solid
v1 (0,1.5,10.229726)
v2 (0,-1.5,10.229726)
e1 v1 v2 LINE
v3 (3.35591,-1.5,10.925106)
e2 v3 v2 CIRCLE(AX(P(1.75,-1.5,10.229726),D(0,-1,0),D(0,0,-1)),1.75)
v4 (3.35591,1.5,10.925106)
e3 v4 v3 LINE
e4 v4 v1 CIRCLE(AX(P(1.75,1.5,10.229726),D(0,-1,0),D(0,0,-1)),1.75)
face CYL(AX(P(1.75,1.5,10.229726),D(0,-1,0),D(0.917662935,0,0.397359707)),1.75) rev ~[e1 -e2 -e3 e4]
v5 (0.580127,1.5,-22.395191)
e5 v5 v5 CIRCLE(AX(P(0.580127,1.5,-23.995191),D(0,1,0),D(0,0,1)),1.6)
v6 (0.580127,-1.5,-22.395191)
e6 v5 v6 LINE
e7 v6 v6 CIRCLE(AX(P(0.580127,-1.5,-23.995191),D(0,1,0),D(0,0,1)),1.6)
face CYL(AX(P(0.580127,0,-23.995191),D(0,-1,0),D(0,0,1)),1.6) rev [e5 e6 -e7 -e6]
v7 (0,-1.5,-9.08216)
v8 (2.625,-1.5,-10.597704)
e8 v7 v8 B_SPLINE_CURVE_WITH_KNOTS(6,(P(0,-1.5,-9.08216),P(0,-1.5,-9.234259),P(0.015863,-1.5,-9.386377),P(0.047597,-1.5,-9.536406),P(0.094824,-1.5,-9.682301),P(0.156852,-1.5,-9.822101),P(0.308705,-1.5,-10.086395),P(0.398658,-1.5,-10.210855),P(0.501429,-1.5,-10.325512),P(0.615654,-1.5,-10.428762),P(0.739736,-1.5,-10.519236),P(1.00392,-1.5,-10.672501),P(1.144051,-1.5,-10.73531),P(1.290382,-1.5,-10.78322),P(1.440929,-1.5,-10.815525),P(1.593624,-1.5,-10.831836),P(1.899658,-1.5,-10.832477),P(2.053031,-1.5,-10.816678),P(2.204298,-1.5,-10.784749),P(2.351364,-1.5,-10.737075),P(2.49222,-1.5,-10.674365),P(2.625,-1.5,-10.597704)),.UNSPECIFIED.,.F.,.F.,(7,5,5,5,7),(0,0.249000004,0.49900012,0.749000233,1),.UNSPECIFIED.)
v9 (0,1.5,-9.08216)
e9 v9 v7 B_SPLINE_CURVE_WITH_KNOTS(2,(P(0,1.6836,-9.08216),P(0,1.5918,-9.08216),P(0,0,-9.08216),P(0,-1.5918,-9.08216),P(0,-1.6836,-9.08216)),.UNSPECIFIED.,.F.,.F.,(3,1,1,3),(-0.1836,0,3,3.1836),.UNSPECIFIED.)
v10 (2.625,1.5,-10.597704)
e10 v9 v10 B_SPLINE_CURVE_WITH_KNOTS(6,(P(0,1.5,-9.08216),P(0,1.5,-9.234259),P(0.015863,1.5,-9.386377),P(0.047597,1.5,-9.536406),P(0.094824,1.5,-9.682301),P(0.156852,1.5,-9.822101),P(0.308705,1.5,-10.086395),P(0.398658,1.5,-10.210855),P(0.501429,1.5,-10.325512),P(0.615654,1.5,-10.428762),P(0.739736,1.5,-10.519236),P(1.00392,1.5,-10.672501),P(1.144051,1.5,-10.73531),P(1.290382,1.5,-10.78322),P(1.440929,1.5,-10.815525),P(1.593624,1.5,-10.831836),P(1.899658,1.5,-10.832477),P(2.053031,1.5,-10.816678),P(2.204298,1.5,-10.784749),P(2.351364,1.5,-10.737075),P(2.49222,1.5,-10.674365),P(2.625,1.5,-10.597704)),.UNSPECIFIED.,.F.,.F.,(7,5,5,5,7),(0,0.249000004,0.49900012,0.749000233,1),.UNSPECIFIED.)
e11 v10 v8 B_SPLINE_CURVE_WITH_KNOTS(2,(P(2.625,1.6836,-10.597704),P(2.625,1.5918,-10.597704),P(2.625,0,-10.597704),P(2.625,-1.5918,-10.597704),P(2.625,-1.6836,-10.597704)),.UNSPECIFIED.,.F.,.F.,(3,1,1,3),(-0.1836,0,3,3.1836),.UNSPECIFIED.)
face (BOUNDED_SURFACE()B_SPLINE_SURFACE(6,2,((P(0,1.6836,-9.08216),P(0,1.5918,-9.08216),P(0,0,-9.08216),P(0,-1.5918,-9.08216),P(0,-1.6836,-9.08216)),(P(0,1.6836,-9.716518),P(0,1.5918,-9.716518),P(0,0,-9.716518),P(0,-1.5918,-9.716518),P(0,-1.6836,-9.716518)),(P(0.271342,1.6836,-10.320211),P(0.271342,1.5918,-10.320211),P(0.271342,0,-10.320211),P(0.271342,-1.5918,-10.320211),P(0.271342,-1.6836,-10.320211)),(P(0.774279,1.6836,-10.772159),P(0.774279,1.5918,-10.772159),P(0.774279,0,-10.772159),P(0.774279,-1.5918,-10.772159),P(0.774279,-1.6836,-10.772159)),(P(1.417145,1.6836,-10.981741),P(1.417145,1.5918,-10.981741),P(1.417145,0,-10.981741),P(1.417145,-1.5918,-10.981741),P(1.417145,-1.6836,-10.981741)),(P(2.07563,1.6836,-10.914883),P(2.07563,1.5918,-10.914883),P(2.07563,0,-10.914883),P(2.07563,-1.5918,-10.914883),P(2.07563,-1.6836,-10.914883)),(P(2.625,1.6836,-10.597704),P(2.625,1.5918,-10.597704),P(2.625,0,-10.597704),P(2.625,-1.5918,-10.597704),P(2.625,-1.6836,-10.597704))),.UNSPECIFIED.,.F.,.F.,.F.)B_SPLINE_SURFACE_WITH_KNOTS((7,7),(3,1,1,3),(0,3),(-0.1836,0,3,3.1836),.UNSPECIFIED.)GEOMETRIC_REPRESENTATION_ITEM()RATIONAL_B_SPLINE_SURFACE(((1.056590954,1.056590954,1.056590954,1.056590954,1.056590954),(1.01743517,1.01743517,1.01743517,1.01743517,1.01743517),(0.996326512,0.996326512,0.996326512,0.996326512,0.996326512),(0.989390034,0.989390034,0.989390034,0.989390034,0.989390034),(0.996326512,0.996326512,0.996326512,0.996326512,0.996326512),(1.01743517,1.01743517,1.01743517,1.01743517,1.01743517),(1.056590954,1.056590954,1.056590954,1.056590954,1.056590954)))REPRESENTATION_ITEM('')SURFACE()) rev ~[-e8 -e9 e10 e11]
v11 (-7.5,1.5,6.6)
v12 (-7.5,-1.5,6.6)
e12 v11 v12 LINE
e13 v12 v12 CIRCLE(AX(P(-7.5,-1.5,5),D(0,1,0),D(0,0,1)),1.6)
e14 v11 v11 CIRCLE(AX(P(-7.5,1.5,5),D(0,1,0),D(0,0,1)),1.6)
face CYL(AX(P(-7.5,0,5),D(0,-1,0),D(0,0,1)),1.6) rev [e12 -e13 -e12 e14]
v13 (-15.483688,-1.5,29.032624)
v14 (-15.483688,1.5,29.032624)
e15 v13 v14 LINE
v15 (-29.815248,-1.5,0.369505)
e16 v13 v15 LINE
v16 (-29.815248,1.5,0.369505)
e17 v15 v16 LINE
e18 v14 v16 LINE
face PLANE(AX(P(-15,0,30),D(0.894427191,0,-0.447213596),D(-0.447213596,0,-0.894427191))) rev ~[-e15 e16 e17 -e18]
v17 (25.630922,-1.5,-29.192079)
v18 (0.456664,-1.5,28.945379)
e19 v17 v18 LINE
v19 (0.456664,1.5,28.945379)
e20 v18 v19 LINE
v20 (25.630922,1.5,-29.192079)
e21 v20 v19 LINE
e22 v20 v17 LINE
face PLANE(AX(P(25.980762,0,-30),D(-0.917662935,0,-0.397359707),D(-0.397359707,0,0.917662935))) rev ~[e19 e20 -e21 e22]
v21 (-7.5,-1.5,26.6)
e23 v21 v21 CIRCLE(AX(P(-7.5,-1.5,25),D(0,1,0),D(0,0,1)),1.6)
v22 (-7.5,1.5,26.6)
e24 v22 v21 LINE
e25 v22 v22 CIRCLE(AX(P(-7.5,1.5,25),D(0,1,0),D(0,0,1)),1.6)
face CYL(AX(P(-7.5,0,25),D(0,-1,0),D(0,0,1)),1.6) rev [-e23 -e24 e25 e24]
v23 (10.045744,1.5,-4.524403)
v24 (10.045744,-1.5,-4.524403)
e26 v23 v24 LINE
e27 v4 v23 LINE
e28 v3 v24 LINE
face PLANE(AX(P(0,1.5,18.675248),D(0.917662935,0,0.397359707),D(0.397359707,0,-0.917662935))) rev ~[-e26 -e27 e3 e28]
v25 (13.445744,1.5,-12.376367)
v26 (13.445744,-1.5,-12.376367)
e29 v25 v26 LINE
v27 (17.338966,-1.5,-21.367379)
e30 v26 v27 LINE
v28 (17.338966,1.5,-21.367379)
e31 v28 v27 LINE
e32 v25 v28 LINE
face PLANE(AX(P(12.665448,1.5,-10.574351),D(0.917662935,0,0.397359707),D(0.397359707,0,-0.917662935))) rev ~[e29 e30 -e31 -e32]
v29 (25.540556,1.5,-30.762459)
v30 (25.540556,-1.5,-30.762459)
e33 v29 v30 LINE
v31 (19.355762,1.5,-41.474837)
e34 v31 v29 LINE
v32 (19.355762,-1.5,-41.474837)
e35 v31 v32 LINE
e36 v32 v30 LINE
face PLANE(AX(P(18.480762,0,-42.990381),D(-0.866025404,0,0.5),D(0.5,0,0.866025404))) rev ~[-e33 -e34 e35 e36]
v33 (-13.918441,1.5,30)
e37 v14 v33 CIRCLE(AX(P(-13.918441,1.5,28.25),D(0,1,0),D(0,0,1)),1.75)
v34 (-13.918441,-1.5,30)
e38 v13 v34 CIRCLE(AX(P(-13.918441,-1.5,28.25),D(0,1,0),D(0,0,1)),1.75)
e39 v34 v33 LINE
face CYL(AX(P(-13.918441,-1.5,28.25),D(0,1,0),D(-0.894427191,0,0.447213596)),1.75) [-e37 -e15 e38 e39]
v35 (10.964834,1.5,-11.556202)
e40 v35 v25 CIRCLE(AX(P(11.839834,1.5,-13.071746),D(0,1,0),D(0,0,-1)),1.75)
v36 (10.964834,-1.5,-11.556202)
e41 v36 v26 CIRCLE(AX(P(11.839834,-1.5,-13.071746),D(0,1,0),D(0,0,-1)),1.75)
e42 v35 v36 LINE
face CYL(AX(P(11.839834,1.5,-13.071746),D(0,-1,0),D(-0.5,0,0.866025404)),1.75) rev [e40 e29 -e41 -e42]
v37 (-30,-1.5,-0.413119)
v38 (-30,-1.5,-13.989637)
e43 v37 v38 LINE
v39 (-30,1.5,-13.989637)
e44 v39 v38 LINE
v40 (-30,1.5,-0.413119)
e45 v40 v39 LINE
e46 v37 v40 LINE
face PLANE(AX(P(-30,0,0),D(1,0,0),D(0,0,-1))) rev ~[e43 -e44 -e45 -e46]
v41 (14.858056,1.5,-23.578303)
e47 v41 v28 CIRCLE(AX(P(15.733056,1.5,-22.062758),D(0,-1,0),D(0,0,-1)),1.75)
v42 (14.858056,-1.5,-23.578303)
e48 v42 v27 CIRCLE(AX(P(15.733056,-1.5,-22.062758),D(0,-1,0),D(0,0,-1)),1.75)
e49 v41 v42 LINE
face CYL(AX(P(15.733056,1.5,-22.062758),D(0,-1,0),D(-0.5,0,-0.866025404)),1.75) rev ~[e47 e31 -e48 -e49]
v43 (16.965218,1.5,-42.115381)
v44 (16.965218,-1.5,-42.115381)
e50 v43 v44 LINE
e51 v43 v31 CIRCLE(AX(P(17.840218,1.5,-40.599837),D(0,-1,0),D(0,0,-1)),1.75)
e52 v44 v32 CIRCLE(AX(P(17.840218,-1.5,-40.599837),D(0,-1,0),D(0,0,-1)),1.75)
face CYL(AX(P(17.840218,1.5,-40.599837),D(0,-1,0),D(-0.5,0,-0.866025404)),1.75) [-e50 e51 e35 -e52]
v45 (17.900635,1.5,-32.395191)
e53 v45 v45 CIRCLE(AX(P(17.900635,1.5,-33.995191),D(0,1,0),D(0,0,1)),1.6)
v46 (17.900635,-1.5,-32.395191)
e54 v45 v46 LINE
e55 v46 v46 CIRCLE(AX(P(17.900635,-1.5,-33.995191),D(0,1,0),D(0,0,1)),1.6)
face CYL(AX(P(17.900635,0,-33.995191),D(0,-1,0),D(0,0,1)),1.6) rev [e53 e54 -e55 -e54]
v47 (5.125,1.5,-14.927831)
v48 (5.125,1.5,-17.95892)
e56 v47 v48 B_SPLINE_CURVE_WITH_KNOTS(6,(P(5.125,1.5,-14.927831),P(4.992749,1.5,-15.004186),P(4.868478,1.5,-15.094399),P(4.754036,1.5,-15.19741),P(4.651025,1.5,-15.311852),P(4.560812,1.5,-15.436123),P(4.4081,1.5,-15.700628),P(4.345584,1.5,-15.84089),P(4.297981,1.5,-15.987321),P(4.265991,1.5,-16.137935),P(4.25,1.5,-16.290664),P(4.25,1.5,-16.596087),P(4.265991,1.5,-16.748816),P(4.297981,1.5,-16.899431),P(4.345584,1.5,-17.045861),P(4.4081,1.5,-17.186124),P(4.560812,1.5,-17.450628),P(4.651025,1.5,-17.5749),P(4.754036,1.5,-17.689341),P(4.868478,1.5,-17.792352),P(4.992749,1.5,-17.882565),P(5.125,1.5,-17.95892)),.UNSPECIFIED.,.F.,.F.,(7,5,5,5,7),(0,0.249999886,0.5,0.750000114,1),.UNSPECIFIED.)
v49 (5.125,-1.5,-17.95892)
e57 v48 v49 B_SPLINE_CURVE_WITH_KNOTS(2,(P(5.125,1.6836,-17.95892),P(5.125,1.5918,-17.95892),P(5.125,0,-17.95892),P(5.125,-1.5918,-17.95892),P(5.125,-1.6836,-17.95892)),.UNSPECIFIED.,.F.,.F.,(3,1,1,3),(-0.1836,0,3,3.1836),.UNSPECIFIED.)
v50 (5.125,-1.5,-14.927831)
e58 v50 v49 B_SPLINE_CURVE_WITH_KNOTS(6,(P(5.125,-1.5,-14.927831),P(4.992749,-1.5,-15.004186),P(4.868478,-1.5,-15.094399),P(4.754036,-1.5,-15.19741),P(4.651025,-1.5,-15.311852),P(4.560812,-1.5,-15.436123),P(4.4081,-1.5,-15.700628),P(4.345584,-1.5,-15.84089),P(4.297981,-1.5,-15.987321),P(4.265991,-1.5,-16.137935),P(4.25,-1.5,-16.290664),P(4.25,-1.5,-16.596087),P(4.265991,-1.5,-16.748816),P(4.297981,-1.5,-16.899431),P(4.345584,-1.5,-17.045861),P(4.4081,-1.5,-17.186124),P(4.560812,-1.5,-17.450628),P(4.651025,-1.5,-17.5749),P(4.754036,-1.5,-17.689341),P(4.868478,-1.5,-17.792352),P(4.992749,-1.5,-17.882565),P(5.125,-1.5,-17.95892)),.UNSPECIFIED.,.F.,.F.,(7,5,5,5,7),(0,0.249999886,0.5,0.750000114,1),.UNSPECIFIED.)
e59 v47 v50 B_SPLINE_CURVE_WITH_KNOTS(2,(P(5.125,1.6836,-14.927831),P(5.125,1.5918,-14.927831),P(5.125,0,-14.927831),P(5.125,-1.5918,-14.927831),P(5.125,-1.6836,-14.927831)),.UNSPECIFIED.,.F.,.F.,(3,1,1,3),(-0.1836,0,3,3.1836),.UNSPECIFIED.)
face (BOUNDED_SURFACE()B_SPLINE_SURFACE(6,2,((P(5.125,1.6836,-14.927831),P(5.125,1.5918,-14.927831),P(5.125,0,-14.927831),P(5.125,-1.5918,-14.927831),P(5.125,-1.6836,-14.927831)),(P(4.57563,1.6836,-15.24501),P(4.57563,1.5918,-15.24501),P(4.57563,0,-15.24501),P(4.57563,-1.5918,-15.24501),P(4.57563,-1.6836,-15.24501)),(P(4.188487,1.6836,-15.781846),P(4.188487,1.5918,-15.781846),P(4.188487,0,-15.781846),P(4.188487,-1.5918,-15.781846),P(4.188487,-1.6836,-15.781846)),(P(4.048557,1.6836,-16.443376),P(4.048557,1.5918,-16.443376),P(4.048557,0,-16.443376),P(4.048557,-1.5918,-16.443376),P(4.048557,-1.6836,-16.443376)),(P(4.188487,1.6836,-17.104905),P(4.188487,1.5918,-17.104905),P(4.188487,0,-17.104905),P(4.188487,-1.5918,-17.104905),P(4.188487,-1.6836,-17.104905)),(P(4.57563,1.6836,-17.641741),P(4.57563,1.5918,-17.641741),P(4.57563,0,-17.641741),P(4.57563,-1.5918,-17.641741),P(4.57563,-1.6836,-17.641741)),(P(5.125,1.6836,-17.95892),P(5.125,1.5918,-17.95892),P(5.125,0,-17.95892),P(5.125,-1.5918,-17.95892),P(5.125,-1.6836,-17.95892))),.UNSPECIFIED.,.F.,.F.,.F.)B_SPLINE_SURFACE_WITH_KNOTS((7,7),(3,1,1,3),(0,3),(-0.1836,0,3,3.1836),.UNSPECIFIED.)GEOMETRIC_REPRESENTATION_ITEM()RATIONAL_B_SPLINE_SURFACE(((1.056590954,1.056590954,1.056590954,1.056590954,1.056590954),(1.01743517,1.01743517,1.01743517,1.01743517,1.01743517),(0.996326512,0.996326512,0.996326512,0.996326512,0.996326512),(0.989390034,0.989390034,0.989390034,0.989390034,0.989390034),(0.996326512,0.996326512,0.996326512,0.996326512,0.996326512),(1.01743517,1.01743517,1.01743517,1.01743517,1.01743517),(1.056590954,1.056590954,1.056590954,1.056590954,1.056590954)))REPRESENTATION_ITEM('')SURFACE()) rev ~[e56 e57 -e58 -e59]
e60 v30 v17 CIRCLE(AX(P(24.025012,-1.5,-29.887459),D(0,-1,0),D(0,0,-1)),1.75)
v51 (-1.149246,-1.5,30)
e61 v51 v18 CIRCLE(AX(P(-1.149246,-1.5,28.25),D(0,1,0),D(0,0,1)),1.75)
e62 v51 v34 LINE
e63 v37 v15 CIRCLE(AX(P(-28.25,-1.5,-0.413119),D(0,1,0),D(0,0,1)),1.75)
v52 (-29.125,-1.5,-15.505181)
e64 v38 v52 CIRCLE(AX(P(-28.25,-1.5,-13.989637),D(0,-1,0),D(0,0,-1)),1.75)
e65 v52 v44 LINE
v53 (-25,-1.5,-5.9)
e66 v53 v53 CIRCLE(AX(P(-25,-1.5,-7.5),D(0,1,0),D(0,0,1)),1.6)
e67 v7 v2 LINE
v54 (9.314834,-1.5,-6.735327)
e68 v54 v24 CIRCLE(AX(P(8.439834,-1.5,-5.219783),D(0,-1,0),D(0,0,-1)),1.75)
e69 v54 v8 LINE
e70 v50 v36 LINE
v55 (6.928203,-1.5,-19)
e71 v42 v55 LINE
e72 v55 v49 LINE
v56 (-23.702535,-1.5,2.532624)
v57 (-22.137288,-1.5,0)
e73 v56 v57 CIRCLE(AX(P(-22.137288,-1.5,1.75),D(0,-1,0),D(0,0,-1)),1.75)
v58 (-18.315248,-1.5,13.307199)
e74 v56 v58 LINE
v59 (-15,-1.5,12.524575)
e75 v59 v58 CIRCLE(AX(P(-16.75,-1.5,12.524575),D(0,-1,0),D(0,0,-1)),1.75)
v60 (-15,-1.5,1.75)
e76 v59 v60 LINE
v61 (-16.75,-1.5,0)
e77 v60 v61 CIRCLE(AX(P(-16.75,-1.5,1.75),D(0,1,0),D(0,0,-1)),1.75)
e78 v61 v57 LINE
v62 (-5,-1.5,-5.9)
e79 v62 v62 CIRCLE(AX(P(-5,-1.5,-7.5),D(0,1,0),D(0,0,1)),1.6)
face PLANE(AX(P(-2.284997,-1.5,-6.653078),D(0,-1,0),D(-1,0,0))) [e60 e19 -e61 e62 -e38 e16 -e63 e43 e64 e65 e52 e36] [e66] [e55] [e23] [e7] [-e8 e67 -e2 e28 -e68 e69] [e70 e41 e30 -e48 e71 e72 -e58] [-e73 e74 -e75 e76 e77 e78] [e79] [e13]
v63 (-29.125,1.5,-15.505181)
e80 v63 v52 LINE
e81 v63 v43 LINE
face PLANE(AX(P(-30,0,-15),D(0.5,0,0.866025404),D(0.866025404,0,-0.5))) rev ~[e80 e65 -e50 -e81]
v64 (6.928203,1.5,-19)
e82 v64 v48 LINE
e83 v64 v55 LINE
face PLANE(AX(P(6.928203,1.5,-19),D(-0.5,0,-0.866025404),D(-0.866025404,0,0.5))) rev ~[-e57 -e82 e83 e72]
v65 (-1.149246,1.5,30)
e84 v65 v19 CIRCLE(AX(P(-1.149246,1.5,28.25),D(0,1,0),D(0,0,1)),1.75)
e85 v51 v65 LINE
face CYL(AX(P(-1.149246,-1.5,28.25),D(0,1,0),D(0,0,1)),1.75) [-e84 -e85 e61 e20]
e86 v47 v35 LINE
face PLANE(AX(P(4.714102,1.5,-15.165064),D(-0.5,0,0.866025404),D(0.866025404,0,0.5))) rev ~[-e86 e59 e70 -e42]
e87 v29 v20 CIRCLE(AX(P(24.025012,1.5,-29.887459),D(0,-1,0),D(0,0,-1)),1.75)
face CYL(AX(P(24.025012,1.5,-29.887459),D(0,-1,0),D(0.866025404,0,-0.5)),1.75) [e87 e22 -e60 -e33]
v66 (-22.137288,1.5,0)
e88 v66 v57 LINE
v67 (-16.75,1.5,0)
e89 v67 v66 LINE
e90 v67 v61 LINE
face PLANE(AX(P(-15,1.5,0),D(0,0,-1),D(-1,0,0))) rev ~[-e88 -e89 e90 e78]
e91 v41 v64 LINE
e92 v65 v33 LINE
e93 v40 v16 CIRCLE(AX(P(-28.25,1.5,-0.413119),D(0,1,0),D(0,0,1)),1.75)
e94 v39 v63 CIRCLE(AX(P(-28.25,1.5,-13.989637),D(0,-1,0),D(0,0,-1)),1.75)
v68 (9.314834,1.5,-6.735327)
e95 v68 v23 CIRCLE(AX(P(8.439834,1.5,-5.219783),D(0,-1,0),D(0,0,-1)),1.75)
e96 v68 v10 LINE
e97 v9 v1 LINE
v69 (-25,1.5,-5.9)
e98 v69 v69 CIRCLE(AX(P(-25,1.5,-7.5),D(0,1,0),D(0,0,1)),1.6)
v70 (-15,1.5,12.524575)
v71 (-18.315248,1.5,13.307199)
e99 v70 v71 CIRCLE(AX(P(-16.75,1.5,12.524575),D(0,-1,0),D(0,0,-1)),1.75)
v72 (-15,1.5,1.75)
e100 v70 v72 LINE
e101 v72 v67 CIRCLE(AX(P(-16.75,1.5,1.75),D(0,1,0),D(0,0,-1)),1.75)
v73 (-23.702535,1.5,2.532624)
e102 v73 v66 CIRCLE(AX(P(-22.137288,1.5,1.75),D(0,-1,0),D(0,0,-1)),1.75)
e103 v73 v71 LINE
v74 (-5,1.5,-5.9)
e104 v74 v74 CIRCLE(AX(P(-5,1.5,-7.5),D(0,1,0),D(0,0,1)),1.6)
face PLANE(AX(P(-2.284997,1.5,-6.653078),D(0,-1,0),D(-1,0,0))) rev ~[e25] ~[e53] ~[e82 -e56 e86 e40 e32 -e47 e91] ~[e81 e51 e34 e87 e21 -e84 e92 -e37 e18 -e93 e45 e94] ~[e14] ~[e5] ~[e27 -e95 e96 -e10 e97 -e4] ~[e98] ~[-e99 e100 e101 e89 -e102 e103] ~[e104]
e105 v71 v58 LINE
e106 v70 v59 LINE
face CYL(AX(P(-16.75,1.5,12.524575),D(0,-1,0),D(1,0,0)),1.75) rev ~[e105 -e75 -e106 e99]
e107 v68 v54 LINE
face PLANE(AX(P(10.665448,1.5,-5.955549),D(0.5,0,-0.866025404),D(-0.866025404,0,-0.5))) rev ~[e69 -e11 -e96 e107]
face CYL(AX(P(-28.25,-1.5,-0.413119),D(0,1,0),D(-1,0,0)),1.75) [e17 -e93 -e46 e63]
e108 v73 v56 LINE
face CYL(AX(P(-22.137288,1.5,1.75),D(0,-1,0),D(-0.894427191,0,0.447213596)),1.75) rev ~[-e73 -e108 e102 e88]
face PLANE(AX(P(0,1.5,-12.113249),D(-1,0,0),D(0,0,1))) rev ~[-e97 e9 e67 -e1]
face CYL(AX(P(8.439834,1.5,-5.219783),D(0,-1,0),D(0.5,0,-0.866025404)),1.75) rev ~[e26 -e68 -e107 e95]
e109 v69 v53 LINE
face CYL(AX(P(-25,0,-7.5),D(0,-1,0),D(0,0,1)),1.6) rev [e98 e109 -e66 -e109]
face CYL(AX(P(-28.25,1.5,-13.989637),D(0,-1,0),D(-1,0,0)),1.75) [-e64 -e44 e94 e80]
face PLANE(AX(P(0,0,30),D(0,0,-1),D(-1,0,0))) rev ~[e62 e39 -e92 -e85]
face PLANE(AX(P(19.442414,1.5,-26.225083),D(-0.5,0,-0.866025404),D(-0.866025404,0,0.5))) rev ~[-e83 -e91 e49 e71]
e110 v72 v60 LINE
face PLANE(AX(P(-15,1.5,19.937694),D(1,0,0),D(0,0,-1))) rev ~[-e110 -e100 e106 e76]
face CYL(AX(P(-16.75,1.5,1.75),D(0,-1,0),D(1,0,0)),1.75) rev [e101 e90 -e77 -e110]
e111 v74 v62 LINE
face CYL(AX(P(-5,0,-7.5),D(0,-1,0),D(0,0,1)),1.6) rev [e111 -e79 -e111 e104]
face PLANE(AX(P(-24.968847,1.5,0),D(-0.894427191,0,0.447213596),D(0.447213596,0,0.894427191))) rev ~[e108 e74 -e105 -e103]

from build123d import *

# Parameters (mm, degrees)
SKETCH_4_R          = 1.6
EXTRUDE_1_DEPTH     = 1.5
CUT_EXTRUDE_2_DEPTH = 3
FILLET_2_R          = 1.75


with BuildPart() as part:
    # ｽｹｯﾁ4 → ﾎﾞｽ - 押し出し1 (new, symmetric)
    with BuildSketch(Plane(origin=(0, 0, 0), x_dir=(1, 0, 0), z_dir=(0, 1, 0))):
        Polygon((-30, 0), (-30, 15), (18.480762114, 42.990381057), (25.980762114, 30), (0, -30), (-15, -30), align=None)
        with Locations(Location((0.580127019, 23.995190528, 0), (0, 0, 270))):
            Circle(SKETCH_4_R, mode=Mode.SUBTRACT)
        with Locations(Location((-5, 7.5, 0), (0, 0, 270))):
            Circle(SKETCH_4_R, mode=Mode.SUBTRACT)
        with Locations(Location((-7.5, -5, 0), (0, 0, 270))):
            Circle(SKETCH_4_R, mode=Mode.SUBTRACT)
        with Locations(Location((-7.5, -25, 0), (0, 0, 270))):
            Circle(SKETCH_4_R, mode=Mode.SUBTRACT)
        with Locations(Location((-25, 7.5, 0), (0, 0, 270))):
            Circle(SKETCH_4_R, mode=Mode.SUBTRACT)
        with Locations(Location((17.900635095, 33.995190528, 0), (0, 0, 270))):
            Circle(SKETCH_4_R, mode=Mode.SUBTRACT)
    extrude(amount=EXTRUDE_1_DEPTH, both=True)

    # ｽｹｯﾁ5 → ｶｯﾄ - 押し出し2 (cut)
    with BuildSketch(Plane(origin=(0, 1.5, 0), x_dir=(1, 0, 0), z_dir=(0, 1, 0))):
        Polygon((12.665448219, 10.574351407), (19.442413698, 26.225082782), (6.92820323, 19), (4.714101615, 15.165063509), align=None)
        Polygon((4.714101615, 15.165063509), (6.92820323, 19), (2.5, 16.443375673), align=None)
        Polygon((2.214101615, 10.834936491), (0, 12.113248654), (0, 7), align=None)
        Polygon((0, 0), (0, -18.675248347), (10.665448219, 5.955549254), (2.214101615, 10.834936491), (0, 7), align=None)
        Polygon((-15, 0), (-24.968847051, 0), (-15, -19.937694101), align=None)
    extrude(amount=-CUT_EXTRUDE_2_DEPTH, mode=Mode.SUBTRACT)

    # ﾌｨﾚｯﾄ2
    fillet_2_edges = [part.edges().sort_by_distance(p)[0] for p in [
        (-30, 0, 0),
        (-30, 0, -15),
        (18.480762114, 0, -42.990381057),
        (25.980762114, 0, -30),
        (0, 0, 30),
        (-15, 0, 30),
        (-24.968847051, 0, 0),
        (-15, 0, 0),
        (-15, 0, 19.937694101),
        (0, 0, 18.675248347),
        (0, 0, -12.113248654),
        (10.665448219, 0, -5.955549254),
        (2.5, 0, -16.443375673),
        (19.442413698, 0, -26.225082782),
        (12.665448219, 0, -10.574351407),
    ]]
    fillet(fillet_2_edges, radius=FILLET_2_R)


solid = part.part
